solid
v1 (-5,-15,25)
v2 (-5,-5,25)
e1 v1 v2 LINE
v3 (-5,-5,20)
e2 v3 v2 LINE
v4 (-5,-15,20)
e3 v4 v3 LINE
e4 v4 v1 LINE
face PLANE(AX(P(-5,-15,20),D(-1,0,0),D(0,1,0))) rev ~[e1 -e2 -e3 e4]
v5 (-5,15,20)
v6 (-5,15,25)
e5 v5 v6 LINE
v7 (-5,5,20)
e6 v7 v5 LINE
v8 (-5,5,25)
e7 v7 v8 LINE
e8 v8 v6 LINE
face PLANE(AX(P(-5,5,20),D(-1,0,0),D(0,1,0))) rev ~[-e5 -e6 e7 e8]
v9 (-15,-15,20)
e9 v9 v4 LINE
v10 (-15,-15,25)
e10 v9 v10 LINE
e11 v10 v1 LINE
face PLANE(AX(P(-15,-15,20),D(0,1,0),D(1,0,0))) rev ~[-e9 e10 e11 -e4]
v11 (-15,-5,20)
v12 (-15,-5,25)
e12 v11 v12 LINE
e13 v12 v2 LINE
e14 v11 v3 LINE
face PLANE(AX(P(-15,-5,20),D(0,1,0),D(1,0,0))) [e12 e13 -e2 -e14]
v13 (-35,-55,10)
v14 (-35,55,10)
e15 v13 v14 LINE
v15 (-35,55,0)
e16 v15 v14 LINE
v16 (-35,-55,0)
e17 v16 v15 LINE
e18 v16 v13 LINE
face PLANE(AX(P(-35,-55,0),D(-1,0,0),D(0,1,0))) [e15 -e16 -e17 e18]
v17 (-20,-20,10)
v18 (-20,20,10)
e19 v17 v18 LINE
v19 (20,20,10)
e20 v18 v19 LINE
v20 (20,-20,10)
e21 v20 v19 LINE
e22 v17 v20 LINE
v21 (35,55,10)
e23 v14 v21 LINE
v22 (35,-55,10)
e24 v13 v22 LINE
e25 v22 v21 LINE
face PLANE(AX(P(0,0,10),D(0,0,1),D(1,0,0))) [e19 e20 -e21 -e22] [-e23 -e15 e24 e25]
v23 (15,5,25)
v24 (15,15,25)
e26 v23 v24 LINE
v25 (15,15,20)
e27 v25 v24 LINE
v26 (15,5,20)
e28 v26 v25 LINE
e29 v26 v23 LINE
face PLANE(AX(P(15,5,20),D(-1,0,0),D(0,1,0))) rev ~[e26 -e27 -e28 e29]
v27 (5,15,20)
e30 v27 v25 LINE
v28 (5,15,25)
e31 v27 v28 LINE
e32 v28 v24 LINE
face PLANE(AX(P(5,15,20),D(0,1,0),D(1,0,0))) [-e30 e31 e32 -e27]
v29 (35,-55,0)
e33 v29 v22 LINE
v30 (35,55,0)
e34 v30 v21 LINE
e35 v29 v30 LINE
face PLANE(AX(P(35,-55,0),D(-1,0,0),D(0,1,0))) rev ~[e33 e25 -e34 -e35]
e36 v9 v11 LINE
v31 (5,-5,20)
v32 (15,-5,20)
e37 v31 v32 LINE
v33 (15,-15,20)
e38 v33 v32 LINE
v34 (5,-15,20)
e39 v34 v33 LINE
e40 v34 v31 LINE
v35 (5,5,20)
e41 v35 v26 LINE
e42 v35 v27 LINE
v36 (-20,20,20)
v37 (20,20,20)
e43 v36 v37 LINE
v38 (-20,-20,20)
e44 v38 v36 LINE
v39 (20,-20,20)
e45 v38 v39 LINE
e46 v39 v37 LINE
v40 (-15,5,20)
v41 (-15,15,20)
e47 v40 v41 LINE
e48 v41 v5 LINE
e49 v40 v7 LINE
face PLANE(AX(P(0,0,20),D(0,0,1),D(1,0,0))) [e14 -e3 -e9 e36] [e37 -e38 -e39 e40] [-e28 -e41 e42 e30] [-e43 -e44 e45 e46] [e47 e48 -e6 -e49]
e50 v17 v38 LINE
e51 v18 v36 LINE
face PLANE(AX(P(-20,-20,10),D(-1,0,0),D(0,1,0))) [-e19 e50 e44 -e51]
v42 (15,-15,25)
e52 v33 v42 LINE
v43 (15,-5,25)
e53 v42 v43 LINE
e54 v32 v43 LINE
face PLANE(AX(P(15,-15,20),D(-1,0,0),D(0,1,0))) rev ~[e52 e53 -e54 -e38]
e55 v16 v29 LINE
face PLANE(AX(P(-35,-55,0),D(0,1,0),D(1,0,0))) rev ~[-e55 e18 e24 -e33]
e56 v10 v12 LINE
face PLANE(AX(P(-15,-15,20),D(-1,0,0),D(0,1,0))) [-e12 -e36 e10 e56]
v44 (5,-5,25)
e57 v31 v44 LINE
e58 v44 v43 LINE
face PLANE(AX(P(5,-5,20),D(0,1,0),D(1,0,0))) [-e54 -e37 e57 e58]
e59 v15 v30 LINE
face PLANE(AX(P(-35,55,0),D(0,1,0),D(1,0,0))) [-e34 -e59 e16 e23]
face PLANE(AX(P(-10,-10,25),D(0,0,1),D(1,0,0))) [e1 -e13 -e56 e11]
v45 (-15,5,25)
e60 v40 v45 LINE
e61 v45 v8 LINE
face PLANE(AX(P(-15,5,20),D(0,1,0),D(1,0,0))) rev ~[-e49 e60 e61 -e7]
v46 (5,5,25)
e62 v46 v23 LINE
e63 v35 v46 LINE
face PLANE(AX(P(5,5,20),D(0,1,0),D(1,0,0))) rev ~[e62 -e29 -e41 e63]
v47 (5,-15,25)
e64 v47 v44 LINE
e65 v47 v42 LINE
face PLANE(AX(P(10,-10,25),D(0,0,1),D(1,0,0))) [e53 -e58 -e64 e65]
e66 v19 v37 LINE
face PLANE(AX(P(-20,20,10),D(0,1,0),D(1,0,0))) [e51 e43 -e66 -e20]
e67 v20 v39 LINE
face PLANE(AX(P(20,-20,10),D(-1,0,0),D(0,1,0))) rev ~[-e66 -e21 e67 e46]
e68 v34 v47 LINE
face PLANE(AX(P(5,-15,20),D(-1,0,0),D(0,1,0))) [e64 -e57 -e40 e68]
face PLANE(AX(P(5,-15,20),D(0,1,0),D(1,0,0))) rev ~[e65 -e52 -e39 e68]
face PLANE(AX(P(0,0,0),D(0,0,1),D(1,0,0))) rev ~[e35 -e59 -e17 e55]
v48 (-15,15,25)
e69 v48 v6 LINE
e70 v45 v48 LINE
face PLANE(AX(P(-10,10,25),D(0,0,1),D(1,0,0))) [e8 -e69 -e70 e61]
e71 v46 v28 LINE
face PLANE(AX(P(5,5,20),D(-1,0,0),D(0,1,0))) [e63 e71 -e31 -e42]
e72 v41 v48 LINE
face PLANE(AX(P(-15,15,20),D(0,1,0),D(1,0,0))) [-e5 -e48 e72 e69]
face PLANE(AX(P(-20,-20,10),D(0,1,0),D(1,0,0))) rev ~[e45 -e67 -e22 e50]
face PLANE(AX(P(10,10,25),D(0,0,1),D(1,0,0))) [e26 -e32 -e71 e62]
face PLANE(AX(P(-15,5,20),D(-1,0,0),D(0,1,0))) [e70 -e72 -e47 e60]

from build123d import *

# Parameters (mm, degrees)
F0_W     = 70
F0_H     = 110
F1_DEPTH = 10
F2_W     = 40
F2_H     = 40
F3_DEPTH = 10
F4_W     = 10
F4_H     = 10
F5_DEPTH = 5


with BuildPart() as f1:
    # F0 (on Top) → F1 (new body)
    with BuildSketch(Plane.XY):
        Rectangle(F0_W, F0_H)
    extrude(amount=F1_DEPTH)

    # F2 (on face) → F3 (join)
    with BuildSketch(Plane.XY.offset(10)):
        Rectangle(F2_W, F2_H)
    extrude(amount=F3_DEPTH)

    # F4 (on face) → F5 (join)
    with BuildSketch(Plane.XY.offset(20)):
        with Locations((-10, 10)):
            Rectangle(F4_W, F4_H)
        with Locations((10, 10)):
            Rectangle(F4_W, F4_H)
        with Locations((10, -10)):
            Rectangle(F4_W, F4_H)
        with Locations((-10, -10)):
            Rectangle(F4_W, F4_H)
    extrude(amount=F5_DEPTH)


solid = f1.part
